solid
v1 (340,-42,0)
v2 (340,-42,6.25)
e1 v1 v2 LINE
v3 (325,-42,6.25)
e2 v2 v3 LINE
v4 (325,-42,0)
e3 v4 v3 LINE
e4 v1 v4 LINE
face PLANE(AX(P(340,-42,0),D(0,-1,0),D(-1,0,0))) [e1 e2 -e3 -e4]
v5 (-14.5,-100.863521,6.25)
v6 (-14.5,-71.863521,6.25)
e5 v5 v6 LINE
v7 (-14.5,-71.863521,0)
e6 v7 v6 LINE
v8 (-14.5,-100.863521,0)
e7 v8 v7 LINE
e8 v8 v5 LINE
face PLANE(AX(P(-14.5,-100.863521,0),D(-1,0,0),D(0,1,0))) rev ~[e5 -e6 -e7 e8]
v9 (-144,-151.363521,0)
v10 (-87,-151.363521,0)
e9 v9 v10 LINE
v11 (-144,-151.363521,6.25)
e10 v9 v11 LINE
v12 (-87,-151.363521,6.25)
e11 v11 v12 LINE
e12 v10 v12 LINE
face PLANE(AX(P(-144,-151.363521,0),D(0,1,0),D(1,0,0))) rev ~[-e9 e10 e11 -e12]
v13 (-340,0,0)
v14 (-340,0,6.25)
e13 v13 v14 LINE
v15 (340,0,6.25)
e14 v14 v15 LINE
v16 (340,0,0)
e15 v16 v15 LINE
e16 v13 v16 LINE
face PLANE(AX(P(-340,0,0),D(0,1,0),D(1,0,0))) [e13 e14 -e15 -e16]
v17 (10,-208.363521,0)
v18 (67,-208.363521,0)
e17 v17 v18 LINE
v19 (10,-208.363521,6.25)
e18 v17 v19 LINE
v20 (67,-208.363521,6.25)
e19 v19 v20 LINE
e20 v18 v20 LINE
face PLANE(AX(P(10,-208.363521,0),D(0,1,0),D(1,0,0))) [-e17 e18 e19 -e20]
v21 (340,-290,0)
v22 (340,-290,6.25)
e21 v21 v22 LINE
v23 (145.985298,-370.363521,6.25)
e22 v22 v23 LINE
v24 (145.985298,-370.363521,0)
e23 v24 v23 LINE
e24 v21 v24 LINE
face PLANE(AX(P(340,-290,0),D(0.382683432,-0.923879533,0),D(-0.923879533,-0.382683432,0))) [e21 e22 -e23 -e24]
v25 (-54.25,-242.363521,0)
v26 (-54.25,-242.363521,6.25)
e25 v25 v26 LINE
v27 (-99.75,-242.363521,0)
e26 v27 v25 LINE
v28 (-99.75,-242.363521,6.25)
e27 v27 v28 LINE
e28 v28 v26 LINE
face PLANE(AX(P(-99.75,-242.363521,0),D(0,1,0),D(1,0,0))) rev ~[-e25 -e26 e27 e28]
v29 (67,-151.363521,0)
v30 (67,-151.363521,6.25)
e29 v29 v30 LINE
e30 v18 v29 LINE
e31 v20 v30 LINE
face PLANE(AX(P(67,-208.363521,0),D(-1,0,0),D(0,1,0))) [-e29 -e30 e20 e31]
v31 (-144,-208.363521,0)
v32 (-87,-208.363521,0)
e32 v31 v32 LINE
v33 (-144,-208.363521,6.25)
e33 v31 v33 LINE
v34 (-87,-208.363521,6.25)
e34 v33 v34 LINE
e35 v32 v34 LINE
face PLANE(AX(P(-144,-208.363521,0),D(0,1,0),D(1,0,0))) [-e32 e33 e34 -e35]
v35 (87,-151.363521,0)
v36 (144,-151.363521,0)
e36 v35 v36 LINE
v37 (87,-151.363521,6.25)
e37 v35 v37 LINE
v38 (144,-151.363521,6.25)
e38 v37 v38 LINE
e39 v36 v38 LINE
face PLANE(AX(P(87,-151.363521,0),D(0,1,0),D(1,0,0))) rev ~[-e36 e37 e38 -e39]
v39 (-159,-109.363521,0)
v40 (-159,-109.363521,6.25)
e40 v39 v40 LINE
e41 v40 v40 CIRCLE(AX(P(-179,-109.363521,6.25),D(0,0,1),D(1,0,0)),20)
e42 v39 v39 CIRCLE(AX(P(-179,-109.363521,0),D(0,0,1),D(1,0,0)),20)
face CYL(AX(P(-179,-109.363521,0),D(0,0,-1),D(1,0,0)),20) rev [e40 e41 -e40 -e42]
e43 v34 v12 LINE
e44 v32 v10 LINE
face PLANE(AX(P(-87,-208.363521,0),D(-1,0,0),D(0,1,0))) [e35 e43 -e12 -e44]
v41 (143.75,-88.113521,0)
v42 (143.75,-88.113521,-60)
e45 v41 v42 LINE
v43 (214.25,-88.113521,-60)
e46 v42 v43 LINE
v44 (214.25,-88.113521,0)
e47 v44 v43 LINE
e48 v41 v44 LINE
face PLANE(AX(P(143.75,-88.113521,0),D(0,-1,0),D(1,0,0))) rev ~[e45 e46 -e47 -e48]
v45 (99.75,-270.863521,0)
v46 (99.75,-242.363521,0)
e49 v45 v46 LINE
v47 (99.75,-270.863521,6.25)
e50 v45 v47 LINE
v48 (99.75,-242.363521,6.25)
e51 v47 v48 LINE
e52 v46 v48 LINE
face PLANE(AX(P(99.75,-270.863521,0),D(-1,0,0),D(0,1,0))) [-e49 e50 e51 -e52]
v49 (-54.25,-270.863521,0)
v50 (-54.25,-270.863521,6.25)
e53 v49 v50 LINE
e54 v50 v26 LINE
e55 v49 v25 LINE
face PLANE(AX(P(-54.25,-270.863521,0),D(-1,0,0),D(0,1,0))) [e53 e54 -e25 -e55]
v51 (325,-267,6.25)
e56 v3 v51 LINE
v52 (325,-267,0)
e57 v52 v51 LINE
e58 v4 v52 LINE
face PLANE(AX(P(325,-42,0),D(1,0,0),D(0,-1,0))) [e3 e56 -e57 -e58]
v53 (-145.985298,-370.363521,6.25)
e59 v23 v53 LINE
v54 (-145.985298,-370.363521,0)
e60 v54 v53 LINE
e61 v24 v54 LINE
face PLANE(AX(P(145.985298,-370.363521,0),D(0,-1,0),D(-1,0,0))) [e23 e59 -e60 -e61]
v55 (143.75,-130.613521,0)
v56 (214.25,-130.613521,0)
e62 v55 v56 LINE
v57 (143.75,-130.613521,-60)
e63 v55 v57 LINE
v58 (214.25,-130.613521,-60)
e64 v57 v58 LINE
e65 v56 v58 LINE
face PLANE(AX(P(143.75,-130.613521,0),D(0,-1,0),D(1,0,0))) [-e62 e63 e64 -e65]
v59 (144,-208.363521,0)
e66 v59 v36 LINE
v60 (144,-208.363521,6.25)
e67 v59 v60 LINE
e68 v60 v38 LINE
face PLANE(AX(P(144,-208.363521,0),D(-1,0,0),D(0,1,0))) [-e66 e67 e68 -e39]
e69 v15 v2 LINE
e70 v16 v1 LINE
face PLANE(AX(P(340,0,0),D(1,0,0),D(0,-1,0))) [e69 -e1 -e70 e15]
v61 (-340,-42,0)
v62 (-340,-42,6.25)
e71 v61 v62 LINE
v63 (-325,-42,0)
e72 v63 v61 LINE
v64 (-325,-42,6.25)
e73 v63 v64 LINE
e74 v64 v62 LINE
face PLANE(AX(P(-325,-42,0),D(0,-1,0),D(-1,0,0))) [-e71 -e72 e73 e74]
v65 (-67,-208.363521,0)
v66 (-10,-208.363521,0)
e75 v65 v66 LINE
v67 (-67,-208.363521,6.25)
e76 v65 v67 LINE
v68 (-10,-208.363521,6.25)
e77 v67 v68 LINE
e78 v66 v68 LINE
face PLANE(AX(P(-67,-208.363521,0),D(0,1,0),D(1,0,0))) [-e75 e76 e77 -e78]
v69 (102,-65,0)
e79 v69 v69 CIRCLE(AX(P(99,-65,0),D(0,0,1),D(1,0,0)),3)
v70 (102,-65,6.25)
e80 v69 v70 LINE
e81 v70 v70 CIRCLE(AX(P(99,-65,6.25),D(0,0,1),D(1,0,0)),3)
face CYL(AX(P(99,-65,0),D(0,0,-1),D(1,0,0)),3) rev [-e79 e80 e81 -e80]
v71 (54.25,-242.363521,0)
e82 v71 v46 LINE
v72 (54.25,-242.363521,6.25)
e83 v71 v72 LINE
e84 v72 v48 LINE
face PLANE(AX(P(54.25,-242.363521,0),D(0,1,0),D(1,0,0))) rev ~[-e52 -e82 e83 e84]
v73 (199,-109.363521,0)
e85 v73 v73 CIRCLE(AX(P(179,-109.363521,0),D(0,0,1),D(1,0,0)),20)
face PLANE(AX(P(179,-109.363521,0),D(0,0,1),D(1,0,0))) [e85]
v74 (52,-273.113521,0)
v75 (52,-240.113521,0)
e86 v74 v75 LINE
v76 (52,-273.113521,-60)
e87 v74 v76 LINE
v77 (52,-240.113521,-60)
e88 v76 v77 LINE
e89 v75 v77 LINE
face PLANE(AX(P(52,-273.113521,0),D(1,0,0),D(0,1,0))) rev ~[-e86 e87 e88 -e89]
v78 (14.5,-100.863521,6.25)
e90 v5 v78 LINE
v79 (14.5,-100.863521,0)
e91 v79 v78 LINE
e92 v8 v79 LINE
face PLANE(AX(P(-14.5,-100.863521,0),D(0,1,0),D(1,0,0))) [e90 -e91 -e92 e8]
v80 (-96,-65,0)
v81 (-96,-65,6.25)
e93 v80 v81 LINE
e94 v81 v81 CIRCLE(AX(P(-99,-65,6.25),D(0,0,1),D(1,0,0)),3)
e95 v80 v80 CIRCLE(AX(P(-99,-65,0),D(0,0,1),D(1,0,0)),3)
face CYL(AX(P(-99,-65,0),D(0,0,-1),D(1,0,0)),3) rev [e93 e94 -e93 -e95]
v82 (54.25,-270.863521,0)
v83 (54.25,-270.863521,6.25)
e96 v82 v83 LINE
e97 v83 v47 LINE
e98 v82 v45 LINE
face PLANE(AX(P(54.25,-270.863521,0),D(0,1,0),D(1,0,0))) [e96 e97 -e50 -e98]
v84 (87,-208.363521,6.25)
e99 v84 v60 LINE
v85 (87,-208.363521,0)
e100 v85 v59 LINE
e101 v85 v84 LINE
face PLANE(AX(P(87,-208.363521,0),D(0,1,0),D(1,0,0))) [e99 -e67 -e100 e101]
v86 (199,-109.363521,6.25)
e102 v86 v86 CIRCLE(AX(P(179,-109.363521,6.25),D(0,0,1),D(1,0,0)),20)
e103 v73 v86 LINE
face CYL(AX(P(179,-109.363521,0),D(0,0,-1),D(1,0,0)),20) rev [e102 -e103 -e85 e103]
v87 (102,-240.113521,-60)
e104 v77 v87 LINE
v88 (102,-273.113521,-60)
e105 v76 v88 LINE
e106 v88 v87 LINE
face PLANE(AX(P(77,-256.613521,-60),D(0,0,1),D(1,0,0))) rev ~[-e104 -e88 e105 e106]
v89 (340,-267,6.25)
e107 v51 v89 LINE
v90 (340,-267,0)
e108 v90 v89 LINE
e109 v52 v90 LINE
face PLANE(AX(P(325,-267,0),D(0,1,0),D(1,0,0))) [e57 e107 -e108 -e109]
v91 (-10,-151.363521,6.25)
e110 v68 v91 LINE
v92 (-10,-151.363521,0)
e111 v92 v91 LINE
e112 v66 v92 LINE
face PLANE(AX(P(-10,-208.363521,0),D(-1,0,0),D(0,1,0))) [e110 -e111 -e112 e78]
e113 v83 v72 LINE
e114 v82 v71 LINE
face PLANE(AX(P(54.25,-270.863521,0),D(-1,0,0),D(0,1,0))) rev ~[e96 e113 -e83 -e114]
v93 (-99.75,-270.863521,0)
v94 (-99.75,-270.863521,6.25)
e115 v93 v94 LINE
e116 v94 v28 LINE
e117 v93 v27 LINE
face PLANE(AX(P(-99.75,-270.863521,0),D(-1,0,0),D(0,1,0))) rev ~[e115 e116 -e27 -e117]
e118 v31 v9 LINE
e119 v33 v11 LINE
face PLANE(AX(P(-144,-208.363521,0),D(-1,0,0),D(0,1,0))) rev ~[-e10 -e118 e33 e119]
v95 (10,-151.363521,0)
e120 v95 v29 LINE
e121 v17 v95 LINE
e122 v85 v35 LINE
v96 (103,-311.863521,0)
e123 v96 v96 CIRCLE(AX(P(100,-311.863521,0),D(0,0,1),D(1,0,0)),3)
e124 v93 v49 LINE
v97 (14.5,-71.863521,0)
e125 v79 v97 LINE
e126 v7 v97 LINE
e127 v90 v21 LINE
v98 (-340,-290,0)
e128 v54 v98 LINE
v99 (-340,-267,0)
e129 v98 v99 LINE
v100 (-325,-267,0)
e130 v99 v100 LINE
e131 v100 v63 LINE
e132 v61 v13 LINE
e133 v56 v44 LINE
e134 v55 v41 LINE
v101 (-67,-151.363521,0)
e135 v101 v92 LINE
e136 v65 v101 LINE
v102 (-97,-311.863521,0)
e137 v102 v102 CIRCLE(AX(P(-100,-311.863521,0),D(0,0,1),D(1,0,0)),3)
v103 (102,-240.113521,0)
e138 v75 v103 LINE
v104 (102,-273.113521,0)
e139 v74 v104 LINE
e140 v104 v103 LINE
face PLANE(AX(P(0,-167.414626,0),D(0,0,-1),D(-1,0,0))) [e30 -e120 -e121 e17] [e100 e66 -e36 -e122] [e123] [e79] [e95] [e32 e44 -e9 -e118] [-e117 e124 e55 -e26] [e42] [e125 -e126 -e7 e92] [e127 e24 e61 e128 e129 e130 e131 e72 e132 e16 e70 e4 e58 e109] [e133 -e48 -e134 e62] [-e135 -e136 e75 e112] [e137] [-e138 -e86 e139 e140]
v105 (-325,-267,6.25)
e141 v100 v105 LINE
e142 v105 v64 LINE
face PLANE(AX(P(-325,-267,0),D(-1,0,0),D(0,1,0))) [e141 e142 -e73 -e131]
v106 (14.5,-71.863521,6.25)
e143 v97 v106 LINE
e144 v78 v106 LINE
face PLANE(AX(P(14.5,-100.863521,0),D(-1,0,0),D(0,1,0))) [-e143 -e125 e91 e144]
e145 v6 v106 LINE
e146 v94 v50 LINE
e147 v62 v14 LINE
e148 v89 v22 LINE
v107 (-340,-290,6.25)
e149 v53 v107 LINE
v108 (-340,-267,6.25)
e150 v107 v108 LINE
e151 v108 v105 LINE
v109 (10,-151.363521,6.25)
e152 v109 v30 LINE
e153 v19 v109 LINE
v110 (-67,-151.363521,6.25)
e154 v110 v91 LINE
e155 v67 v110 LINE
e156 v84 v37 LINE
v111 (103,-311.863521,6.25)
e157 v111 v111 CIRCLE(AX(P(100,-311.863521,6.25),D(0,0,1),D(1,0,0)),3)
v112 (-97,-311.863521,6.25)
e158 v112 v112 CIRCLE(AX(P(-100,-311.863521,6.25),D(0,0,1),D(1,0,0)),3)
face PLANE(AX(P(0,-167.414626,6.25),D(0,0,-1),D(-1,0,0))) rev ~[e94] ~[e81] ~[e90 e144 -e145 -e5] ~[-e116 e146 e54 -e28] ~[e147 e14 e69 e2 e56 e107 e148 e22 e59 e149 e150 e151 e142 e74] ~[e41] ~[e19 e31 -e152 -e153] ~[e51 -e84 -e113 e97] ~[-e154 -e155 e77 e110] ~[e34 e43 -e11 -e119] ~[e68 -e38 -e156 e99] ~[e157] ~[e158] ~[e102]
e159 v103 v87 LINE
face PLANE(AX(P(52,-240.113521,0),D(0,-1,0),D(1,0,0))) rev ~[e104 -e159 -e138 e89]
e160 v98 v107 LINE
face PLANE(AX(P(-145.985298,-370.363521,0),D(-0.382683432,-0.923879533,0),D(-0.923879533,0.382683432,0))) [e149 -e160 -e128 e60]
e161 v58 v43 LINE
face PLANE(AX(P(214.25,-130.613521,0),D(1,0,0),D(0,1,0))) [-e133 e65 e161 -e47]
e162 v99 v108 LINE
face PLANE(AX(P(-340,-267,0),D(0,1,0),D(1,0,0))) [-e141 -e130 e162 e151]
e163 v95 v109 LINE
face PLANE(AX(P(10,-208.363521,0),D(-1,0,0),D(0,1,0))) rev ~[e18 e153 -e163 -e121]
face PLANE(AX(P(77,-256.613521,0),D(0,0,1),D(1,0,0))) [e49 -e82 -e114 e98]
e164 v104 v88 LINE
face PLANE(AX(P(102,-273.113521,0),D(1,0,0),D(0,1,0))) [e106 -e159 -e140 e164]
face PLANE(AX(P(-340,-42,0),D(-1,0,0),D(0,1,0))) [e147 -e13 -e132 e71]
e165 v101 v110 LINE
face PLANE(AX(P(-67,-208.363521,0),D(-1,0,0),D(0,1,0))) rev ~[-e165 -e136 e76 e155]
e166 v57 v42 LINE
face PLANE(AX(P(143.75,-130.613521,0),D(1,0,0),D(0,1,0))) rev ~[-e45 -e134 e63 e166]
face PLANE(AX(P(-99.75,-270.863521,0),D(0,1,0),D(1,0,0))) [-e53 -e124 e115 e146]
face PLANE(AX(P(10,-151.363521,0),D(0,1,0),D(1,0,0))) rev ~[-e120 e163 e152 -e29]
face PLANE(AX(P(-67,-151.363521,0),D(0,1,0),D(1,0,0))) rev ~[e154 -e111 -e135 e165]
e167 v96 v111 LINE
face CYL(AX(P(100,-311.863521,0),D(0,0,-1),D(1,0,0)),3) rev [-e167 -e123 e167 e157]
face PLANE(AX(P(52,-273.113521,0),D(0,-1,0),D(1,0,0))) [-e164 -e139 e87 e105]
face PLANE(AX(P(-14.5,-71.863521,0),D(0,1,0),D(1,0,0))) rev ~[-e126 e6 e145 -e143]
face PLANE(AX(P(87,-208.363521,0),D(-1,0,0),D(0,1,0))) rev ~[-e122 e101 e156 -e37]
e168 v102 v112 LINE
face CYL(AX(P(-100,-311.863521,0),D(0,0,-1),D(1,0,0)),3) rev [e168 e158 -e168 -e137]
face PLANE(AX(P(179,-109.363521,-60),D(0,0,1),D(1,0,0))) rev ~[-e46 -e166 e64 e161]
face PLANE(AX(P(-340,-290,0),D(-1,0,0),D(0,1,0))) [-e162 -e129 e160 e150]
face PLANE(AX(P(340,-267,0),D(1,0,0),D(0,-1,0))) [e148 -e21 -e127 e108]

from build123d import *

# Parameters (mm, degrees)
SKETCH1_R           = 20
SKETCH1_R_2         = 3
SKETCH1_W           = 57
SKETCH1_H           = 57
SKETCH1_W_2         = 45.5
SKETCH1_H_2         = 28.5
SKETCH1_W_3         = 29
SKETCH1_H_3         = 29
BOSS_EXTRUDE1_DEPTH = 6.25
SKETCH2_W           = 70.5
SKETCH2_H           = 42.5
SKETCH2_W_2         = 50
SKETCH2_H_2         = 33
BOSS_EXTRUDE2_DEPTH = 60


with BuildPart() as part:
    # Sketch1 → Boss-Extrude1 (new body)
    with BuildSketch(Plane.XY):
        Polygon((-340, 0), (340, 0), (340, -42), (325, -42), (325, -267), (340, -267), (340, -290), (145.985298173, -370.363520797), (-145.985298173, -370.363520797), (-340, -290), (-340, -267), (-325, -267), (-325, -42), (-340, -42), align=None)
        with Locations((-179, -109.363520797)):
            Circle(SKETCH1_R, mode=Mode.SUBTRACT)
        with Locations((179, -109.363520797)):
            Circle(SKETCH1_R, mode=Mode.SUBTRACT)
        with Locations((-99, -65)):
            Circle(SKETCH1_R_2, mode=Mode.SUBTRACT)
        with Locations((-100, -311.863520797)):
            Circle(SKETCH1_R_2, mode=Mode.SUBTRACT)
        with Locations((99, -65)):
            Circle(SKETCH1_R_2, mode=Mode.SUBTRACT)
        with Locations((100, -311.863520797)):
            Circle(SKETCH1_R_2, mode=Mode.SUBTRACT)
        with Locations((-115.5, -179.863520797)):
            Rectangle(SKETCH1_W, SKETCH1_H, mode=Mode.SUBTRACT)
        with Locations((-38.5, -179.863520797)):
            Rectangle(SKETCH1_W, SKETCH1_H, mode=Mode.SUBTRACT)
        with Locations((38.5, -179.863520797)):
            Rectangle(SKETCH1_W, SKETCH1_H, mode=Mode.SUBTRACT)
        with Locations((115.5, -179.863520797)):
            Rectangle(SKETCH1_W, SKETCH1_H, mode=Mode.SUBTRACT)
        with Locations((-77, -256.613520797)):
            Rectangle(SKETCH1_W_2, SKETCH1_H_2, mode=Mode.SUBTRACT)
        with Locations((77, -256.613520797)):
            Rectangle(SKETCH1_W_2, SKETCH1_H_2, mode=Mode.SUBTRACT)
        with Locations((0, -86.363520797)):
            Rectangle(SKETCH1_W_3, SKETCH1_H_3, mode=Mode.SUBTRACT)
    extrude(amount=BOSS_EXTRUDE1_DEPTH)

    # Sketch2 → Boss-Extrude2 (add)
    with BuildSketch(Plane.XY):
        with Locations((179, -109.363520797)):
            Rectangle(SKETCH2_W, SKETCH2_H)
        with Locations((77, -256.613520797)):
            Rectangle(SKETCH2_W_2, SKETCH2_H_2)
    extrude(amount=-BOSS_EXTRUDE2_DEPTH)


solid = part.part
